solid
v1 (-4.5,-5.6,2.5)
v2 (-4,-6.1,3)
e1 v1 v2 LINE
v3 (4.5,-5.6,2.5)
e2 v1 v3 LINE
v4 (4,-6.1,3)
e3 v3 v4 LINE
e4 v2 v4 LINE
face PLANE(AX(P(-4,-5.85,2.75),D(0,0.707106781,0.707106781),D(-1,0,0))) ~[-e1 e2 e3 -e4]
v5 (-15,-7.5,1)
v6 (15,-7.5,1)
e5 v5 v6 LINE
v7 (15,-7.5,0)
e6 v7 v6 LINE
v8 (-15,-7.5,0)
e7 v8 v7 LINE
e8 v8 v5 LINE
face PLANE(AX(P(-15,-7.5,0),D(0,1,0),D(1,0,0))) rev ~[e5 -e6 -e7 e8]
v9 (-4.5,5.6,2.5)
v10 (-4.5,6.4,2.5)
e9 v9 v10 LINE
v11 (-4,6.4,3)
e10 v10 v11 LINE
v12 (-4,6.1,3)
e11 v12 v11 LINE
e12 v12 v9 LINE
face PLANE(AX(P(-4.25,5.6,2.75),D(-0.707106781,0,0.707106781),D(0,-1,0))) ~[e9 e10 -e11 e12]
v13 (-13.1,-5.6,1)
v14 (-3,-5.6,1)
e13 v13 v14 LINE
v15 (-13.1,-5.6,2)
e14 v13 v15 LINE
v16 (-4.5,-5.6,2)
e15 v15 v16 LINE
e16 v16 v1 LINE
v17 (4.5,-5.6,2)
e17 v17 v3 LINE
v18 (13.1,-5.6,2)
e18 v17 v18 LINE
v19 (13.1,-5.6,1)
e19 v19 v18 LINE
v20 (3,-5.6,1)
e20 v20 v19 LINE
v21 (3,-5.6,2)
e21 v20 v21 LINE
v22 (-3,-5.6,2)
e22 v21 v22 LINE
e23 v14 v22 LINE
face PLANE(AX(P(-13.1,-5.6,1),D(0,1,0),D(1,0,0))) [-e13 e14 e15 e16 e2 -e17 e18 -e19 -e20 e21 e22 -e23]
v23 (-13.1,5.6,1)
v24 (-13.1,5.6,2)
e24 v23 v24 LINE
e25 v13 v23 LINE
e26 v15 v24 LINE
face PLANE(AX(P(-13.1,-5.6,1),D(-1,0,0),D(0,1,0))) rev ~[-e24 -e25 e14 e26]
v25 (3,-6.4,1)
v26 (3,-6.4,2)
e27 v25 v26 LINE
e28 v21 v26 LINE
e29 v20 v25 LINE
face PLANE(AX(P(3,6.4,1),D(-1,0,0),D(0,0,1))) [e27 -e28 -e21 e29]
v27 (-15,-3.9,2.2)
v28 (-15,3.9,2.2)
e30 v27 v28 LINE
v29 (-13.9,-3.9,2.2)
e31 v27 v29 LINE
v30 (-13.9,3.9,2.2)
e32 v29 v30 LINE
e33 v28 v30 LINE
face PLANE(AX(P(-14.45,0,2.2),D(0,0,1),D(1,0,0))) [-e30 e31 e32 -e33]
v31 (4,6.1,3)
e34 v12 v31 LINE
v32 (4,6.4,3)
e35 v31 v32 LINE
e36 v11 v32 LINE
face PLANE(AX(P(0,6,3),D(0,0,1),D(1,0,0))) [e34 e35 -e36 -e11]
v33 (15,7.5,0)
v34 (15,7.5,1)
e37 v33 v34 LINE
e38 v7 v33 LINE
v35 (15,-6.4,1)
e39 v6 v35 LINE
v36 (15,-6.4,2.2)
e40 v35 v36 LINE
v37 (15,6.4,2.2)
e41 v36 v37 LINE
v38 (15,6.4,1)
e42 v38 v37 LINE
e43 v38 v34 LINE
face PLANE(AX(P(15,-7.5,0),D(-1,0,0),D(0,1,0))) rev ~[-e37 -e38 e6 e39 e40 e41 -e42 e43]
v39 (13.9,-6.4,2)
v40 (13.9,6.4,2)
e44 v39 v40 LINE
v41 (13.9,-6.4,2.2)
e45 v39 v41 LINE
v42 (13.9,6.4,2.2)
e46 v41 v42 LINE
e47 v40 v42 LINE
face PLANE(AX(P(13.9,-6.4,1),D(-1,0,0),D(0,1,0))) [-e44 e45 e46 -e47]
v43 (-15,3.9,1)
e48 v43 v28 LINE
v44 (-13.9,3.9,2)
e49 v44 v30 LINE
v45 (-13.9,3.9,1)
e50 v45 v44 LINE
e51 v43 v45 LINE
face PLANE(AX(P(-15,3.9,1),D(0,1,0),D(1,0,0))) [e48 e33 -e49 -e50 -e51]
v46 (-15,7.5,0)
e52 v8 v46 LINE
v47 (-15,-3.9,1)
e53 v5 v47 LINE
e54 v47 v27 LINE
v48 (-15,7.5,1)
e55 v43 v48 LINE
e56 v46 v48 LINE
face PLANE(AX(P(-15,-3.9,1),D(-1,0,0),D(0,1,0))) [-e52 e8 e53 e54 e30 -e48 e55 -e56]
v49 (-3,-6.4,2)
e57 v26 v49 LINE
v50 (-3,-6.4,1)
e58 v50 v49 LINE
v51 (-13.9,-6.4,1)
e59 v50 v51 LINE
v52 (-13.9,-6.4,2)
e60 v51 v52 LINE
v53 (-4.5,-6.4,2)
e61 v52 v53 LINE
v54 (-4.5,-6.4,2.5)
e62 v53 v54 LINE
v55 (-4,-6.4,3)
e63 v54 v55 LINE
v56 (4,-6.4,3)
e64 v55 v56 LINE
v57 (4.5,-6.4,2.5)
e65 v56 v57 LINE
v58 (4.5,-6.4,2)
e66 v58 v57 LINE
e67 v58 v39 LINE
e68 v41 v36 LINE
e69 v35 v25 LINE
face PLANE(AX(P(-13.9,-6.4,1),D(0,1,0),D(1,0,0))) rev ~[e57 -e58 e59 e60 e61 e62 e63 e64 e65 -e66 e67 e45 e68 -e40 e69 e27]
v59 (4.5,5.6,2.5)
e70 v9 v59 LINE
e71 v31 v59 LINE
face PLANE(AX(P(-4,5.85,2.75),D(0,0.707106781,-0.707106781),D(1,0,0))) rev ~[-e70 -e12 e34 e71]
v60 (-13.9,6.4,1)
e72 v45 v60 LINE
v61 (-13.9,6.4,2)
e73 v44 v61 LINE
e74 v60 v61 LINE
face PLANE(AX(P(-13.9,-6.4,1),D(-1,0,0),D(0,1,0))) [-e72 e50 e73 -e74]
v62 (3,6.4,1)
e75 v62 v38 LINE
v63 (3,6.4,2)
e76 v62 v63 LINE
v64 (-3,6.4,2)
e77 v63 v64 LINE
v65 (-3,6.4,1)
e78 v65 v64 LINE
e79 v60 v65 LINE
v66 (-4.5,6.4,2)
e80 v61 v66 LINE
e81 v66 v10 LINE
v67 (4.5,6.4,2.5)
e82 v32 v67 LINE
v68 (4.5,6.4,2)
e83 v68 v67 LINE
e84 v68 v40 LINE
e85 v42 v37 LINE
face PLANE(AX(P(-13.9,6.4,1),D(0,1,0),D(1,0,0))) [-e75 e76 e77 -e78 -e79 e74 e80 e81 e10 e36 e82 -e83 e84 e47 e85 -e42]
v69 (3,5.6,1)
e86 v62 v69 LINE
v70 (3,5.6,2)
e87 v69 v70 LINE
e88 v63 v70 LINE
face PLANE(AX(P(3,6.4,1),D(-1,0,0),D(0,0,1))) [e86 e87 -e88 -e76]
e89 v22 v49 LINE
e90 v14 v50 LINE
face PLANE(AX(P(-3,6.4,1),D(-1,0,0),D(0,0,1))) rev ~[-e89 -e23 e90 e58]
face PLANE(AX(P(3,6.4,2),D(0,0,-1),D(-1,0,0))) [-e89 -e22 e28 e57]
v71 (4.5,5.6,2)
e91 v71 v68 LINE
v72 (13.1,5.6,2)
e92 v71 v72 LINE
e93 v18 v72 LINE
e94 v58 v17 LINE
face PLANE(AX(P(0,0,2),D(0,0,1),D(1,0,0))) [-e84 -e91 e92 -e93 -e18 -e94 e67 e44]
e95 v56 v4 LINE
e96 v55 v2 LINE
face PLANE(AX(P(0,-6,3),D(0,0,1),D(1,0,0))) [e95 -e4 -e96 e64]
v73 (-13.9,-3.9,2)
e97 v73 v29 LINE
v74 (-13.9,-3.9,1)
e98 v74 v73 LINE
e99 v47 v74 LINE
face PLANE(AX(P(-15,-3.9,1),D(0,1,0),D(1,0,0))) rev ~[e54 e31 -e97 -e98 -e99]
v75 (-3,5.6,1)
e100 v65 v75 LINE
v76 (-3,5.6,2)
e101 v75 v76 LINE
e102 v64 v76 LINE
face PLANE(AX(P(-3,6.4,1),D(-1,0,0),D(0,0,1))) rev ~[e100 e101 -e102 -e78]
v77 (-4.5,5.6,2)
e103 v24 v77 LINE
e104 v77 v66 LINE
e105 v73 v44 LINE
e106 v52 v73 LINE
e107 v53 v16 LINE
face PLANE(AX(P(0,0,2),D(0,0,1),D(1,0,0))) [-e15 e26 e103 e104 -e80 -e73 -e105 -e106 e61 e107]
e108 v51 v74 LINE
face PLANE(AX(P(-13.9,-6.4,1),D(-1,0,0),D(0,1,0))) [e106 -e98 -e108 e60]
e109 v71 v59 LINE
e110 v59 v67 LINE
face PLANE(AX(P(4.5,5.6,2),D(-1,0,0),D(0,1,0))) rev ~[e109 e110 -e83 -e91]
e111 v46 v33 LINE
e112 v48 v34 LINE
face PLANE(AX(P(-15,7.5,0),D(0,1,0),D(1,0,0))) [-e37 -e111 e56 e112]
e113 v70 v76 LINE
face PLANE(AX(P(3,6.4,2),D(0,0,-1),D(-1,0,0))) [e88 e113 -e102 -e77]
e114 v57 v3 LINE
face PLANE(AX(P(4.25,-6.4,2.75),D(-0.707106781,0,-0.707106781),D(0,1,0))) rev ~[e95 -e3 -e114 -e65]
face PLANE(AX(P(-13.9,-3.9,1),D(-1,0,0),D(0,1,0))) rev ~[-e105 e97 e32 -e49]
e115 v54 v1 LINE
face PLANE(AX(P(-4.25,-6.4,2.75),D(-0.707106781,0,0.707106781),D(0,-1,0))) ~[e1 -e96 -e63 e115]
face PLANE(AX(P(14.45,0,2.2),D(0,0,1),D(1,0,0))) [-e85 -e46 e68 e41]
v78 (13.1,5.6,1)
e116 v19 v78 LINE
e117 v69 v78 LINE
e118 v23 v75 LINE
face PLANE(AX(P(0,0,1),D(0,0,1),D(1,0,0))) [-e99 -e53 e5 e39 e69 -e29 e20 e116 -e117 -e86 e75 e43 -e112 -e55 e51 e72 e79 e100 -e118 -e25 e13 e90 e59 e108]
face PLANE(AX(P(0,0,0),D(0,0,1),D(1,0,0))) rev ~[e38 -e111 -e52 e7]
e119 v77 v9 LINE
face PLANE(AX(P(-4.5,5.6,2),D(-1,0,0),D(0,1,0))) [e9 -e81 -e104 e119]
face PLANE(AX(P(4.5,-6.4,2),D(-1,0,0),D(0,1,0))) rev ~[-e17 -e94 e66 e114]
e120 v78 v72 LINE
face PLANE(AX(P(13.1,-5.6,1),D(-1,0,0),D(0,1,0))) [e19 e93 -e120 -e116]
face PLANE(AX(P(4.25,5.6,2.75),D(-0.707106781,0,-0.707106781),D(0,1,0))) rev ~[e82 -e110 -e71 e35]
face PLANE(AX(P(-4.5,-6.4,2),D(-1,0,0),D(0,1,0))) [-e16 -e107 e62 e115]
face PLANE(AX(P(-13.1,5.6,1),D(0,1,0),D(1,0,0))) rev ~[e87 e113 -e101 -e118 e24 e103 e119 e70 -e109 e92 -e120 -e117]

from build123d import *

# Parameters (mm, degrees)
SKETCH_W        = 30
SKETCH_H        = 15
PAD_DEPTH       = 1
SKETCH001_W     = 27.8
SKETCH001_H     = 12.8
SKETCH001_W_2   = 26.2
SKETCH001_H_2   = 11.2
PAD001_DEPTH    = 1
SKETCH002_W     = 1.1
SKETCH002_H     = 7.8
SKETCH002_H_2   = 12.8
PAD002_DEPTH    = 1.2
SKETCH003_W     = 9
SKETCH003_H     = 0.8
PAD003_DEPTH    = 1
SKETCH004_W     = 6
SKETCH004_H     = 1
POCKET_DEPTH    = 13.901
CHAMFER_SIZE    = 0.5
CHAMFER001_SIZE = 0.5


with BuildPart() as part:
    # Sketch → Pad (new body)
    with BuildSketch(Plane.XY):
        Rectangle(SKETCH_W, SKETCH_H)
    extrude(amount=PAD_DEPTH)

    # Sketch001 (on Face6 of Pad) → Pad001 (join)
    with BuildSketch(Plane.XY.offset(1)):
        Rectangle(SKETCH001_W, SKETCH001_H)
        Rectangle(SKETCH001_W_2, SKETCH001_H_2, mode=Mode.SUBTRACT)
    extrude(amount=PAD001_DEPTH)

    # Sketch002 (on Face5 of Pad001) → Pad002 (join)
    with BuildSketch(Plane.XY.offset(1)):
        with Locations((-14.45, 0)):
            Rectangle(SKETCH002_W, SKETCH002_H)
        with Locations((14.45, 0)):
            Rectangle(SKETCH002_W, SKETCH002_H_2)
    extrude(amount=PAD002_DEPTH)

    # Sketch003 (on Face21 of Pad002) → Pad003 (join)
    with BuildSketch(Plane.XY.offset(2)):
        with Locations((0, 6)):
            Rectangle(SKETCH003_W, SKETCH003_H)
        with Locations((0, -6)):
            Rectangle(SKETCH003_W, SKETCH003_H)
    extrude(amount=PAD003_DEPTH)

    # Sketch004 (on Face12 of Pad003) → Pocket (cut, through all)
    with BuildSketch(Plane(origin=(0, 6.4, 0), x_dir=(-1, 0, 0), z_dir=(0, 1, 0))):
        with Locations((0, 1.5)):
            Rectangle(SKETCH004_W, SKETCH004_H)
    extrude(amount=-POCKET_DEPTH, mode=Mode.SUBTRACT)

    # Chamfer
    chamfer_edges = [part.edges().sort_by_distance(p)[0] for p in [
        (-4.5, -6, 3),
        (-4.5, 6, 3),
        (4.5, 6, 3),
        (4.5, -6, 3),
    ]]
    chamfer(chamfer_edges, length=CHAMFER_SIZE)

    # Chamfer001
    chamfer001_edges = [part.edges().sort_by_distance(p)[0] for p in [
        (0, 5.6, 3),
        (0, -5.6, 3),
    ]]
    chamfer(chamfer001_edges, length=CHAMFER001_SIZE)


solid = part.part
